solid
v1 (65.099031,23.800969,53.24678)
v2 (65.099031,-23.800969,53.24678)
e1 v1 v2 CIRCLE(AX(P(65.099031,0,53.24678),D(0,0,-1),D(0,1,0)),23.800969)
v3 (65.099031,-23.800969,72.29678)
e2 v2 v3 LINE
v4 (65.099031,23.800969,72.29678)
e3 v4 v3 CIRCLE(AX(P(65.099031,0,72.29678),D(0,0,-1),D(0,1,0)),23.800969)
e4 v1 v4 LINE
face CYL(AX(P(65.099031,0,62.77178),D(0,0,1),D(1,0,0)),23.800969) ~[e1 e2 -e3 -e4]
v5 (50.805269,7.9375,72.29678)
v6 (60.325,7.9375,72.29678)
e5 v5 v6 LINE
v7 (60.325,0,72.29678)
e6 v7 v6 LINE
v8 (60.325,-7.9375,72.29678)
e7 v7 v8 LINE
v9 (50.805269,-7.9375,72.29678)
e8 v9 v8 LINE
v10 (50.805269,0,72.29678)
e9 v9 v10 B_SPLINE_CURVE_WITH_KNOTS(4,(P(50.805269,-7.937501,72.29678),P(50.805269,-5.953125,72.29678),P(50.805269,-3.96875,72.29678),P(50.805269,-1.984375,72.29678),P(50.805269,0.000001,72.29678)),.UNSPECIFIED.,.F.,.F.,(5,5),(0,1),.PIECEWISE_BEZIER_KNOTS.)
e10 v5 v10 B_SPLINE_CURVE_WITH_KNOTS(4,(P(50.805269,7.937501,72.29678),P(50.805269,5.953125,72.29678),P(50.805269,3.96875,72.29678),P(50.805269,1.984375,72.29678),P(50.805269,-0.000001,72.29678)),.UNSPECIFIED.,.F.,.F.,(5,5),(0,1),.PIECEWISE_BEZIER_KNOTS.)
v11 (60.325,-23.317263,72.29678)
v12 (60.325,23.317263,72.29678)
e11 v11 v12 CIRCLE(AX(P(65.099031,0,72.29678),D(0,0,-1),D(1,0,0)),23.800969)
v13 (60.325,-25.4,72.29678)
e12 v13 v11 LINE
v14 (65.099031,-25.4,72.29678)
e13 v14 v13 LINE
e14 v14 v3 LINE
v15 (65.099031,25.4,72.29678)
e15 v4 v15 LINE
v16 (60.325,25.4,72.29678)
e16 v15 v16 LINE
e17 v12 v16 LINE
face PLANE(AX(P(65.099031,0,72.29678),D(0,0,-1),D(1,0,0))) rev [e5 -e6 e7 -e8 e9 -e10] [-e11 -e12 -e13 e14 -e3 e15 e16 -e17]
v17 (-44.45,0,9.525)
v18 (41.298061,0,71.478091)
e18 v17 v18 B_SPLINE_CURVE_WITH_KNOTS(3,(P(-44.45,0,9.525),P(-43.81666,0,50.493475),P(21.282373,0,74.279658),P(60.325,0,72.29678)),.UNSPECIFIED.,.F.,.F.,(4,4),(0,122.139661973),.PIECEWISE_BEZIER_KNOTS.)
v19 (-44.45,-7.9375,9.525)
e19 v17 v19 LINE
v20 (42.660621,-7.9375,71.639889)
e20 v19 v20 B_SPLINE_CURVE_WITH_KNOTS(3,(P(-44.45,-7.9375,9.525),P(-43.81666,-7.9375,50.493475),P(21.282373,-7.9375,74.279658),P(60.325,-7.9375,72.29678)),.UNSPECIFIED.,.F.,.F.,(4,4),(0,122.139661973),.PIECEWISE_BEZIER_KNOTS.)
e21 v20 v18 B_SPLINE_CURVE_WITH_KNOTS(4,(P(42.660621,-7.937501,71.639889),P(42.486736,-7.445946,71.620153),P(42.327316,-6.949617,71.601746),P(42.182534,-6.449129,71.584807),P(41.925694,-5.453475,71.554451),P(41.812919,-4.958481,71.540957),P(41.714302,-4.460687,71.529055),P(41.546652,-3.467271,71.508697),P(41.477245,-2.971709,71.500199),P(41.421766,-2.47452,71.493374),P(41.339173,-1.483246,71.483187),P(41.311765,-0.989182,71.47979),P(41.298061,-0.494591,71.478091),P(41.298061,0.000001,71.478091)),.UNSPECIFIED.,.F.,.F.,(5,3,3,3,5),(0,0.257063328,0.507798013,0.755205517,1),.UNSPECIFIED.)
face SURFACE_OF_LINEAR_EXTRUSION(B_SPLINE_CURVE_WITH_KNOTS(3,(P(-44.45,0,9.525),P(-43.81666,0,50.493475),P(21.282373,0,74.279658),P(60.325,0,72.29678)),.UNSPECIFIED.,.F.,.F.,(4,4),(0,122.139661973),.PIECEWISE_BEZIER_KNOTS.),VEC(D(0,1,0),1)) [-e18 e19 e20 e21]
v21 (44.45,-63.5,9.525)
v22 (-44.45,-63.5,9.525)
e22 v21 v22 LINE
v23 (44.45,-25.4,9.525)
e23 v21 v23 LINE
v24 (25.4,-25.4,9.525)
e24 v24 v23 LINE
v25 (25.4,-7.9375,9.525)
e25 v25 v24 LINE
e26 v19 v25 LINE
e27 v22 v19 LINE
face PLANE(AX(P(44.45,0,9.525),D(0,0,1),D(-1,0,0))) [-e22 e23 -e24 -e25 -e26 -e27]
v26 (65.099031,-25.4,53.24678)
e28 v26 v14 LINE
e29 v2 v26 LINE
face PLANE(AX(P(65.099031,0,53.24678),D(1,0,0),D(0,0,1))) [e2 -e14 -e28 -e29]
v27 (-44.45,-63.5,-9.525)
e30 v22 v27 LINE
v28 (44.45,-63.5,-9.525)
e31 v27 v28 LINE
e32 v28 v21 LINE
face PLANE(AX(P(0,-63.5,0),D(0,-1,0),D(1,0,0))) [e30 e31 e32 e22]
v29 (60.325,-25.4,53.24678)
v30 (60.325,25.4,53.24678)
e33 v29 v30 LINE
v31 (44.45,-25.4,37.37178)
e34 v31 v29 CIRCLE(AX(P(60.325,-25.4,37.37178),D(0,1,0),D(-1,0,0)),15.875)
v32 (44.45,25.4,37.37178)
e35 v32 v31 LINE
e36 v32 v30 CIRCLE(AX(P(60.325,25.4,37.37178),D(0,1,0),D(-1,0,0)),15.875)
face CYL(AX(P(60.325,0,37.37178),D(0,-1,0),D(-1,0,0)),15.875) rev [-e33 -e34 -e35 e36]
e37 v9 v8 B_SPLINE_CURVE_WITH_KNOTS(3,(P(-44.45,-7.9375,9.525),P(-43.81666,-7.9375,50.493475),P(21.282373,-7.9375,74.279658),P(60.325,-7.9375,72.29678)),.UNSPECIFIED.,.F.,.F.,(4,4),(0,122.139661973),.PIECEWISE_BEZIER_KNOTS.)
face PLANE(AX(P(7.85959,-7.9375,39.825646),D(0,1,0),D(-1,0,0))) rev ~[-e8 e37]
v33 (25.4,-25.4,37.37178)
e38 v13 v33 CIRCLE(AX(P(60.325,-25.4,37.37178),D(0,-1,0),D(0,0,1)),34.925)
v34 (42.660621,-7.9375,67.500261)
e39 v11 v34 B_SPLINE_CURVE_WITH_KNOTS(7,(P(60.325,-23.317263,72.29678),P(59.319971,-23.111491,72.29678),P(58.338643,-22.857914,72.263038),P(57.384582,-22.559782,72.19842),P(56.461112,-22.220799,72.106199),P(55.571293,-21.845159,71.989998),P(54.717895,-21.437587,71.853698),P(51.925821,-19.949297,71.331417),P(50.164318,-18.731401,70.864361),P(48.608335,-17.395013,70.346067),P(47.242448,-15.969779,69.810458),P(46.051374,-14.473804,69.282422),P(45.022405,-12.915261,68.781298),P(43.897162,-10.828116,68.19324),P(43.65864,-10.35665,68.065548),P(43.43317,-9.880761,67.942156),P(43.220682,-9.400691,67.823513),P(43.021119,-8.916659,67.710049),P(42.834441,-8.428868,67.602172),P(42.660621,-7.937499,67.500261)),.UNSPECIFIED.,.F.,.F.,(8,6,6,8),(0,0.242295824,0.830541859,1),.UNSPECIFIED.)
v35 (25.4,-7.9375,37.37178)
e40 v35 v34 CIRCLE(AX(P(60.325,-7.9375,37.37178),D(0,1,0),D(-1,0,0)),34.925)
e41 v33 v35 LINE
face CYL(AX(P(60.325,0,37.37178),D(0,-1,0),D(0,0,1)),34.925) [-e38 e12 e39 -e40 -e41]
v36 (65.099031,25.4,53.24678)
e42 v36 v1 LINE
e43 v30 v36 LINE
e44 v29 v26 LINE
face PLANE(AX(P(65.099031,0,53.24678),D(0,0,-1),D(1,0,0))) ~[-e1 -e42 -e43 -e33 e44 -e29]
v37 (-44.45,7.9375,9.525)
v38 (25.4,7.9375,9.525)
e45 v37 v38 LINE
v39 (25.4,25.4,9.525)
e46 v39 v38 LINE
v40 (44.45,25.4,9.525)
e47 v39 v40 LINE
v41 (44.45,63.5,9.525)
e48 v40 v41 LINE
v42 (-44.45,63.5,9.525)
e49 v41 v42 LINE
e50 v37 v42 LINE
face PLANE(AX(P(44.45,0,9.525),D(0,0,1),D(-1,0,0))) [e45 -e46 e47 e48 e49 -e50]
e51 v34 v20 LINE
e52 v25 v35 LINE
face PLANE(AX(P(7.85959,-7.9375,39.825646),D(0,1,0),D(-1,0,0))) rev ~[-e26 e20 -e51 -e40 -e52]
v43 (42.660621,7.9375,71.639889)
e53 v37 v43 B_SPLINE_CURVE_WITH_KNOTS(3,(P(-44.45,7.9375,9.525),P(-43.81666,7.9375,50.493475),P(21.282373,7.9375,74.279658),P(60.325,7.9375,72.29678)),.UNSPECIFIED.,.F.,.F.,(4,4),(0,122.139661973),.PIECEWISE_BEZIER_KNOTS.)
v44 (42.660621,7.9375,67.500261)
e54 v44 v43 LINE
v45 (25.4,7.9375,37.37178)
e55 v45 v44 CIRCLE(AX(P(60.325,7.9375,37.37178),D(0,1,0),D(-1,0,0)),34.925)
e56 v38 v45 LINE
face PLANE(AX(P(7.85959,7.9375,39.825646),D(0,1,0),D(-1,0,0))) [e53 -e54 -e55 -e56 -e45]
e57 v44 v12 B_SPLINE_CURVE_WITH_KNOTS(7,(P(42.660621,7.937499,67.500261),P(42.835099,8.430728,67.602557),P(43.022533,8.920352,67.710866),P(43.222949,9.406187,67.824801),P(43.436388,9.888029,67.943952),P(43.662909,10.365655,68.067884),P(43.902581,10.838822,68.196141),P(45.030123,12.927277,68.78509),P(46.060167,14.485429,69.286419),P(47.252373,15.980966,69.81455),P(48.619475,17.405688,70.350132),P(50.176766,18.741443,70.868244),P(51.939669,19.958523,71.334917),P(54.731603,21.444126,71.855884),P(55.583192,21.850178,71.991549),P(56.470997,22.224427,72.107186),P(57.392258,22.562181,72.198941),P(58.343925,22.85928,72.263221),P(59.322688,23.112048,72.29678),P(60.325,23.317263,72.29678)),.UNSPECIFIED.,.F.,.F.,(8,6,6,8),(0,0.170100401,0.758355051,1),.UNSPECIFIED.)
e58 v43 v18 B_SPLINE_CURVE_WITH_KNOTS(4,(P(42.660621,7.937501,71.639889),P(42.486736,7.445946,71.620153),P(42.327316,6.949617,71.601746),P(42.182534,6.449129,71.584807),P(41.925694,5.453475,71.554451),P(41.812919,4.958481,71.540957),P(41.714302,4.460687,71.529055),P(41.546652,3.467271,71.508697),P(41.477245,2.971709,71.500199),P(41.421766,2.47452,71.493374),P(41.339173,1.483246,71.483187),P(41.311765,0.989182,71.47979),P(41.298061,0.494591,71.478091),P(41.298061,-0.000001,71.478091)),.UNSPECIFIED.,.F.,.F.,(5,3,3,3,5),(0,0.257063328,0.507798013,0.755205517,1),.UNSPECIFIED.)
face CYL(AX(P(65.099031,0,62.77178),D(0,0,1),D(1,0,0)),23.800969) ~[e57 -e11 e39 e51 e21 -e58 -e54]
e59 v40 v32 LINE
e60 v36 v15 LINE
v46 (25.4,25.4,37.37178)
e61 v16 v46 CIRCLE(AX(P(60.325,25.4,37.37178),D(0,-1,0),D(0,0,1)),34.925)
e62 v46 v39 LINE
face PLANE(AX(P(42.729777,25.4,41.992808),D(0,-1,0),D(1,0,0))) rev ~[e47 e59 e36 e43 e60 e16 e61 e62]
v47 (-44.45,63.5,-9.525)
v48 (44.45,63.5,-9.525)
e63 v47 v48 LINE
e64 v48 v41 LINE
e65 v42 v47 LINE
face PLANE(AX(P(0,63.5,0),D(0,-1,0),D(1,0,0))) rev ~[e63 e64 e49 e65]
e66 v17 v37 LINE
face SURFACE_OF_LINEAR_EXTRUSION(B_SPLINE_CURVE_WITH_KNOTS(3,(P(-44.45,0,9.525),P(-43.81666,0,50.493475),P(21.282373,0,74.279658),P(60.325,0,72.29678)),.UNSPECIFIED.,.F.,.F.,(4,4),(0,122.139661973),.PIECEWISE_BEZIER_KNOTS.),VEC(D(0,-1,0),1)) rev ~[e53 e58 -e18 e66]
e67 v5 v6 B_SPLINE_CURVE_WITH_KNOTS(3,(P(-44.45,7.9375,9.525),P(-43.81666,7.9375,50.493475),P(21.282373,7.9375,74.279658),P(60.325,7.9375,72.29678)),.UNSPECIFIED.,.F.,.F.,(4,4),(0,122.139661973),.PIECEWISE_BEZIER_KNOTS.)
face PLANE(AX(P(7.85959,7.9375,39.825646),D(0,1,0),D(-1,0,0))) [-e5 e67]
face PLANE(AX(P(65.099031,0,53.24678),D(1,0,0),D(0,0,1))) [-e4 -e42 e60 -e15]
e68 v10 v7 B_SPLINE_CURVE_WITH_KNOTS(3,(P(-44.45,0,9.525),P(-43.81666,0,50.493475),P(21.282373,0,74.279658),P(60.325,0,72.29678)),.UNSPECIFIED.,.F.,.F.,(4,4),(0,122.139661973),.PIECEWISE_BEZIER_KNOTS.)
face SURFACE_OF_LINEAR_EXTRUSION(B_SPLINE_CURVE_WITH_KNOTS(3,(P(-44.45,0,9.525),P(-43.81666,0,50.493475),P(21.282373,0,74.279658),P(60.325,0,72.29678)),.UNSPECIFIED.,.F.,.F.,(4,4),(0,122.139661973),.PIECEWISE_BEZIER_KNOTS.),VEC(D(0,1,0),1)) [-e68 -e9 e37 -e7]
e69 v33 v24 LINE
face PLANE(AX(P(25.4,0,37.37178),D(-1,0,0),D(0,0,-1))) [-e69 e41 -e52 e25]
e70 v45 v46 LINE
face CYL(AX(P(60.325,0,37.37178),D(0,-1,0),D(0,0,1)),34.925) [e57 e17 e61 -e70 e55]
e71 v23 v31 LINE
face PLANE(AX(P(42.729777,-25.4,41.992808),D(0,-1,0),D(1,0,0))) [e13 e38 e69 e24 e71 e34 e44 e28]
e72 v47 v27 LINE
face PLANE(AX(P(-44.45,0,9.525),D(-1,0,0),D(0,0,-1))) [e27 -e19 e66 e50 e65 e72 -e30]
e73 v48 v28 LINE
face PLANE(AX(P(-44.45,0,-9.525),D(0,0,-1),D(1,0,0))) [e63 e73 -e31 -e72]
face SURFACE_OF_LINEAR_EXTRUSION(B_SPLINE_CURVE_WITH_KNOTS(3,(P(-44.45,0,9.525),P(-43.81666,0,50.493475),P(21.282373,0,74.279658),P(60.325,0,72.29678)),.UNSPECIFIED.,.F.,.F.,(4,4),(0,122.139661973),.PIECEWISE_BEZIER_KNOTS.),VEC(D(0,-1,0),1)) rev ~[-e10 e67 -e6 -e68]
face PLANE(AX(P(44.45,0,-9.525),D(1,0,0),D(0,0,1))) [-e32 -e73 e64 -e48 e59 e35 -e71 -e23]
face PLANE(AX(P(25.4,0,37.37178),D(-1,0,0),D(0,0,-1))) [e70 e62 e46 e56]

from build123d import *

# Parameters (mm, degrees)
F1_DEPTH = 63.5
F2_DEPTH = 25.4
F3_DEPTH = 7.9375
F0_W     = 23.8009692669
F0_H     = 19.05


with BuildPart() as f1:
    # F0 (on Front) → F1 (new body, symmetric)
    with BuildSketch(Plane.XZ):
        Polygon((25.4, 9.525), (-44.45, 9.525), (-44.45, -9.525), (44.45, -9.525), (44.45, 9.525), align=None)
    extrude(amount=F1_DEPTH, both=True)

    # F0 (on Front) → F2 (join, symmetric)
    with BuildSketch(Plane.XZ):
        with BuildLine():
            Line((25.4, 37.3717802988), (25.4, 9.525))
            Line((25.4, 9.525), (44.45, 9.525))
            Line((44.45, 9.525), (44.45, 37.3717802988))
            ThreePointArc((44.45, 37.3717802988), (49.0996798487, 48.5971004502), (60.325, 53.2467802988))
            Line((60.325, 53.2467802988), (65.0990307331, 53.2467802988))
            Line((65.0990307331, 53.2467802988), (65.0990307331, 72.2967802988))
            Line((65.0990307331, 72.2967802988), (60.325, 72.2967802988))
            ThreePointArc((60.325, 72.2967802988), (35.6292956671, 62.0674846318), (25.4, 37.3717802988))
        make_face()
    extrude(amount=F2_DEPTH, both=True)

    # F0 (on Front) → F3 (join, symmetric)
    with BuildSketch(Plane.XZ):
        with BuildLine():
            add(Edge.make_bspline(
                [(-44.45, 9.525), (-43.8166595995, 50.4934750497), (21.2823729962, 74.2796584964), (60.325, 72.2967802988)],
                knots=[0, 0, 0, 0, 122.139661973, 122.139661973, 122.139661973, 122.139661973], degree=3))
            Line((-44.45, 9.525), (25.4, 9.525))
            Line((25.4, 9.525), (25.4, 37.3717802988))
            ThreePointArc((25.4, 37.3717802988), (35.6292956671, 62.0674846318), (60.325, 72.2967802988))
        make_face()
    extrude(amount=F3_DEPTH, both=True)

    # F0 (on Front) → F4 (revolve)
    with BuildSketch(Plane.XZ):
        with Locations((76.9995153666, 62.7717802988)):
            Rectangle(F0_W, F0_H)
    revolve(axis=Axis((65.0990307331, 0, 63.4473668933), (0, 0, -1)))


solid = f1.part
